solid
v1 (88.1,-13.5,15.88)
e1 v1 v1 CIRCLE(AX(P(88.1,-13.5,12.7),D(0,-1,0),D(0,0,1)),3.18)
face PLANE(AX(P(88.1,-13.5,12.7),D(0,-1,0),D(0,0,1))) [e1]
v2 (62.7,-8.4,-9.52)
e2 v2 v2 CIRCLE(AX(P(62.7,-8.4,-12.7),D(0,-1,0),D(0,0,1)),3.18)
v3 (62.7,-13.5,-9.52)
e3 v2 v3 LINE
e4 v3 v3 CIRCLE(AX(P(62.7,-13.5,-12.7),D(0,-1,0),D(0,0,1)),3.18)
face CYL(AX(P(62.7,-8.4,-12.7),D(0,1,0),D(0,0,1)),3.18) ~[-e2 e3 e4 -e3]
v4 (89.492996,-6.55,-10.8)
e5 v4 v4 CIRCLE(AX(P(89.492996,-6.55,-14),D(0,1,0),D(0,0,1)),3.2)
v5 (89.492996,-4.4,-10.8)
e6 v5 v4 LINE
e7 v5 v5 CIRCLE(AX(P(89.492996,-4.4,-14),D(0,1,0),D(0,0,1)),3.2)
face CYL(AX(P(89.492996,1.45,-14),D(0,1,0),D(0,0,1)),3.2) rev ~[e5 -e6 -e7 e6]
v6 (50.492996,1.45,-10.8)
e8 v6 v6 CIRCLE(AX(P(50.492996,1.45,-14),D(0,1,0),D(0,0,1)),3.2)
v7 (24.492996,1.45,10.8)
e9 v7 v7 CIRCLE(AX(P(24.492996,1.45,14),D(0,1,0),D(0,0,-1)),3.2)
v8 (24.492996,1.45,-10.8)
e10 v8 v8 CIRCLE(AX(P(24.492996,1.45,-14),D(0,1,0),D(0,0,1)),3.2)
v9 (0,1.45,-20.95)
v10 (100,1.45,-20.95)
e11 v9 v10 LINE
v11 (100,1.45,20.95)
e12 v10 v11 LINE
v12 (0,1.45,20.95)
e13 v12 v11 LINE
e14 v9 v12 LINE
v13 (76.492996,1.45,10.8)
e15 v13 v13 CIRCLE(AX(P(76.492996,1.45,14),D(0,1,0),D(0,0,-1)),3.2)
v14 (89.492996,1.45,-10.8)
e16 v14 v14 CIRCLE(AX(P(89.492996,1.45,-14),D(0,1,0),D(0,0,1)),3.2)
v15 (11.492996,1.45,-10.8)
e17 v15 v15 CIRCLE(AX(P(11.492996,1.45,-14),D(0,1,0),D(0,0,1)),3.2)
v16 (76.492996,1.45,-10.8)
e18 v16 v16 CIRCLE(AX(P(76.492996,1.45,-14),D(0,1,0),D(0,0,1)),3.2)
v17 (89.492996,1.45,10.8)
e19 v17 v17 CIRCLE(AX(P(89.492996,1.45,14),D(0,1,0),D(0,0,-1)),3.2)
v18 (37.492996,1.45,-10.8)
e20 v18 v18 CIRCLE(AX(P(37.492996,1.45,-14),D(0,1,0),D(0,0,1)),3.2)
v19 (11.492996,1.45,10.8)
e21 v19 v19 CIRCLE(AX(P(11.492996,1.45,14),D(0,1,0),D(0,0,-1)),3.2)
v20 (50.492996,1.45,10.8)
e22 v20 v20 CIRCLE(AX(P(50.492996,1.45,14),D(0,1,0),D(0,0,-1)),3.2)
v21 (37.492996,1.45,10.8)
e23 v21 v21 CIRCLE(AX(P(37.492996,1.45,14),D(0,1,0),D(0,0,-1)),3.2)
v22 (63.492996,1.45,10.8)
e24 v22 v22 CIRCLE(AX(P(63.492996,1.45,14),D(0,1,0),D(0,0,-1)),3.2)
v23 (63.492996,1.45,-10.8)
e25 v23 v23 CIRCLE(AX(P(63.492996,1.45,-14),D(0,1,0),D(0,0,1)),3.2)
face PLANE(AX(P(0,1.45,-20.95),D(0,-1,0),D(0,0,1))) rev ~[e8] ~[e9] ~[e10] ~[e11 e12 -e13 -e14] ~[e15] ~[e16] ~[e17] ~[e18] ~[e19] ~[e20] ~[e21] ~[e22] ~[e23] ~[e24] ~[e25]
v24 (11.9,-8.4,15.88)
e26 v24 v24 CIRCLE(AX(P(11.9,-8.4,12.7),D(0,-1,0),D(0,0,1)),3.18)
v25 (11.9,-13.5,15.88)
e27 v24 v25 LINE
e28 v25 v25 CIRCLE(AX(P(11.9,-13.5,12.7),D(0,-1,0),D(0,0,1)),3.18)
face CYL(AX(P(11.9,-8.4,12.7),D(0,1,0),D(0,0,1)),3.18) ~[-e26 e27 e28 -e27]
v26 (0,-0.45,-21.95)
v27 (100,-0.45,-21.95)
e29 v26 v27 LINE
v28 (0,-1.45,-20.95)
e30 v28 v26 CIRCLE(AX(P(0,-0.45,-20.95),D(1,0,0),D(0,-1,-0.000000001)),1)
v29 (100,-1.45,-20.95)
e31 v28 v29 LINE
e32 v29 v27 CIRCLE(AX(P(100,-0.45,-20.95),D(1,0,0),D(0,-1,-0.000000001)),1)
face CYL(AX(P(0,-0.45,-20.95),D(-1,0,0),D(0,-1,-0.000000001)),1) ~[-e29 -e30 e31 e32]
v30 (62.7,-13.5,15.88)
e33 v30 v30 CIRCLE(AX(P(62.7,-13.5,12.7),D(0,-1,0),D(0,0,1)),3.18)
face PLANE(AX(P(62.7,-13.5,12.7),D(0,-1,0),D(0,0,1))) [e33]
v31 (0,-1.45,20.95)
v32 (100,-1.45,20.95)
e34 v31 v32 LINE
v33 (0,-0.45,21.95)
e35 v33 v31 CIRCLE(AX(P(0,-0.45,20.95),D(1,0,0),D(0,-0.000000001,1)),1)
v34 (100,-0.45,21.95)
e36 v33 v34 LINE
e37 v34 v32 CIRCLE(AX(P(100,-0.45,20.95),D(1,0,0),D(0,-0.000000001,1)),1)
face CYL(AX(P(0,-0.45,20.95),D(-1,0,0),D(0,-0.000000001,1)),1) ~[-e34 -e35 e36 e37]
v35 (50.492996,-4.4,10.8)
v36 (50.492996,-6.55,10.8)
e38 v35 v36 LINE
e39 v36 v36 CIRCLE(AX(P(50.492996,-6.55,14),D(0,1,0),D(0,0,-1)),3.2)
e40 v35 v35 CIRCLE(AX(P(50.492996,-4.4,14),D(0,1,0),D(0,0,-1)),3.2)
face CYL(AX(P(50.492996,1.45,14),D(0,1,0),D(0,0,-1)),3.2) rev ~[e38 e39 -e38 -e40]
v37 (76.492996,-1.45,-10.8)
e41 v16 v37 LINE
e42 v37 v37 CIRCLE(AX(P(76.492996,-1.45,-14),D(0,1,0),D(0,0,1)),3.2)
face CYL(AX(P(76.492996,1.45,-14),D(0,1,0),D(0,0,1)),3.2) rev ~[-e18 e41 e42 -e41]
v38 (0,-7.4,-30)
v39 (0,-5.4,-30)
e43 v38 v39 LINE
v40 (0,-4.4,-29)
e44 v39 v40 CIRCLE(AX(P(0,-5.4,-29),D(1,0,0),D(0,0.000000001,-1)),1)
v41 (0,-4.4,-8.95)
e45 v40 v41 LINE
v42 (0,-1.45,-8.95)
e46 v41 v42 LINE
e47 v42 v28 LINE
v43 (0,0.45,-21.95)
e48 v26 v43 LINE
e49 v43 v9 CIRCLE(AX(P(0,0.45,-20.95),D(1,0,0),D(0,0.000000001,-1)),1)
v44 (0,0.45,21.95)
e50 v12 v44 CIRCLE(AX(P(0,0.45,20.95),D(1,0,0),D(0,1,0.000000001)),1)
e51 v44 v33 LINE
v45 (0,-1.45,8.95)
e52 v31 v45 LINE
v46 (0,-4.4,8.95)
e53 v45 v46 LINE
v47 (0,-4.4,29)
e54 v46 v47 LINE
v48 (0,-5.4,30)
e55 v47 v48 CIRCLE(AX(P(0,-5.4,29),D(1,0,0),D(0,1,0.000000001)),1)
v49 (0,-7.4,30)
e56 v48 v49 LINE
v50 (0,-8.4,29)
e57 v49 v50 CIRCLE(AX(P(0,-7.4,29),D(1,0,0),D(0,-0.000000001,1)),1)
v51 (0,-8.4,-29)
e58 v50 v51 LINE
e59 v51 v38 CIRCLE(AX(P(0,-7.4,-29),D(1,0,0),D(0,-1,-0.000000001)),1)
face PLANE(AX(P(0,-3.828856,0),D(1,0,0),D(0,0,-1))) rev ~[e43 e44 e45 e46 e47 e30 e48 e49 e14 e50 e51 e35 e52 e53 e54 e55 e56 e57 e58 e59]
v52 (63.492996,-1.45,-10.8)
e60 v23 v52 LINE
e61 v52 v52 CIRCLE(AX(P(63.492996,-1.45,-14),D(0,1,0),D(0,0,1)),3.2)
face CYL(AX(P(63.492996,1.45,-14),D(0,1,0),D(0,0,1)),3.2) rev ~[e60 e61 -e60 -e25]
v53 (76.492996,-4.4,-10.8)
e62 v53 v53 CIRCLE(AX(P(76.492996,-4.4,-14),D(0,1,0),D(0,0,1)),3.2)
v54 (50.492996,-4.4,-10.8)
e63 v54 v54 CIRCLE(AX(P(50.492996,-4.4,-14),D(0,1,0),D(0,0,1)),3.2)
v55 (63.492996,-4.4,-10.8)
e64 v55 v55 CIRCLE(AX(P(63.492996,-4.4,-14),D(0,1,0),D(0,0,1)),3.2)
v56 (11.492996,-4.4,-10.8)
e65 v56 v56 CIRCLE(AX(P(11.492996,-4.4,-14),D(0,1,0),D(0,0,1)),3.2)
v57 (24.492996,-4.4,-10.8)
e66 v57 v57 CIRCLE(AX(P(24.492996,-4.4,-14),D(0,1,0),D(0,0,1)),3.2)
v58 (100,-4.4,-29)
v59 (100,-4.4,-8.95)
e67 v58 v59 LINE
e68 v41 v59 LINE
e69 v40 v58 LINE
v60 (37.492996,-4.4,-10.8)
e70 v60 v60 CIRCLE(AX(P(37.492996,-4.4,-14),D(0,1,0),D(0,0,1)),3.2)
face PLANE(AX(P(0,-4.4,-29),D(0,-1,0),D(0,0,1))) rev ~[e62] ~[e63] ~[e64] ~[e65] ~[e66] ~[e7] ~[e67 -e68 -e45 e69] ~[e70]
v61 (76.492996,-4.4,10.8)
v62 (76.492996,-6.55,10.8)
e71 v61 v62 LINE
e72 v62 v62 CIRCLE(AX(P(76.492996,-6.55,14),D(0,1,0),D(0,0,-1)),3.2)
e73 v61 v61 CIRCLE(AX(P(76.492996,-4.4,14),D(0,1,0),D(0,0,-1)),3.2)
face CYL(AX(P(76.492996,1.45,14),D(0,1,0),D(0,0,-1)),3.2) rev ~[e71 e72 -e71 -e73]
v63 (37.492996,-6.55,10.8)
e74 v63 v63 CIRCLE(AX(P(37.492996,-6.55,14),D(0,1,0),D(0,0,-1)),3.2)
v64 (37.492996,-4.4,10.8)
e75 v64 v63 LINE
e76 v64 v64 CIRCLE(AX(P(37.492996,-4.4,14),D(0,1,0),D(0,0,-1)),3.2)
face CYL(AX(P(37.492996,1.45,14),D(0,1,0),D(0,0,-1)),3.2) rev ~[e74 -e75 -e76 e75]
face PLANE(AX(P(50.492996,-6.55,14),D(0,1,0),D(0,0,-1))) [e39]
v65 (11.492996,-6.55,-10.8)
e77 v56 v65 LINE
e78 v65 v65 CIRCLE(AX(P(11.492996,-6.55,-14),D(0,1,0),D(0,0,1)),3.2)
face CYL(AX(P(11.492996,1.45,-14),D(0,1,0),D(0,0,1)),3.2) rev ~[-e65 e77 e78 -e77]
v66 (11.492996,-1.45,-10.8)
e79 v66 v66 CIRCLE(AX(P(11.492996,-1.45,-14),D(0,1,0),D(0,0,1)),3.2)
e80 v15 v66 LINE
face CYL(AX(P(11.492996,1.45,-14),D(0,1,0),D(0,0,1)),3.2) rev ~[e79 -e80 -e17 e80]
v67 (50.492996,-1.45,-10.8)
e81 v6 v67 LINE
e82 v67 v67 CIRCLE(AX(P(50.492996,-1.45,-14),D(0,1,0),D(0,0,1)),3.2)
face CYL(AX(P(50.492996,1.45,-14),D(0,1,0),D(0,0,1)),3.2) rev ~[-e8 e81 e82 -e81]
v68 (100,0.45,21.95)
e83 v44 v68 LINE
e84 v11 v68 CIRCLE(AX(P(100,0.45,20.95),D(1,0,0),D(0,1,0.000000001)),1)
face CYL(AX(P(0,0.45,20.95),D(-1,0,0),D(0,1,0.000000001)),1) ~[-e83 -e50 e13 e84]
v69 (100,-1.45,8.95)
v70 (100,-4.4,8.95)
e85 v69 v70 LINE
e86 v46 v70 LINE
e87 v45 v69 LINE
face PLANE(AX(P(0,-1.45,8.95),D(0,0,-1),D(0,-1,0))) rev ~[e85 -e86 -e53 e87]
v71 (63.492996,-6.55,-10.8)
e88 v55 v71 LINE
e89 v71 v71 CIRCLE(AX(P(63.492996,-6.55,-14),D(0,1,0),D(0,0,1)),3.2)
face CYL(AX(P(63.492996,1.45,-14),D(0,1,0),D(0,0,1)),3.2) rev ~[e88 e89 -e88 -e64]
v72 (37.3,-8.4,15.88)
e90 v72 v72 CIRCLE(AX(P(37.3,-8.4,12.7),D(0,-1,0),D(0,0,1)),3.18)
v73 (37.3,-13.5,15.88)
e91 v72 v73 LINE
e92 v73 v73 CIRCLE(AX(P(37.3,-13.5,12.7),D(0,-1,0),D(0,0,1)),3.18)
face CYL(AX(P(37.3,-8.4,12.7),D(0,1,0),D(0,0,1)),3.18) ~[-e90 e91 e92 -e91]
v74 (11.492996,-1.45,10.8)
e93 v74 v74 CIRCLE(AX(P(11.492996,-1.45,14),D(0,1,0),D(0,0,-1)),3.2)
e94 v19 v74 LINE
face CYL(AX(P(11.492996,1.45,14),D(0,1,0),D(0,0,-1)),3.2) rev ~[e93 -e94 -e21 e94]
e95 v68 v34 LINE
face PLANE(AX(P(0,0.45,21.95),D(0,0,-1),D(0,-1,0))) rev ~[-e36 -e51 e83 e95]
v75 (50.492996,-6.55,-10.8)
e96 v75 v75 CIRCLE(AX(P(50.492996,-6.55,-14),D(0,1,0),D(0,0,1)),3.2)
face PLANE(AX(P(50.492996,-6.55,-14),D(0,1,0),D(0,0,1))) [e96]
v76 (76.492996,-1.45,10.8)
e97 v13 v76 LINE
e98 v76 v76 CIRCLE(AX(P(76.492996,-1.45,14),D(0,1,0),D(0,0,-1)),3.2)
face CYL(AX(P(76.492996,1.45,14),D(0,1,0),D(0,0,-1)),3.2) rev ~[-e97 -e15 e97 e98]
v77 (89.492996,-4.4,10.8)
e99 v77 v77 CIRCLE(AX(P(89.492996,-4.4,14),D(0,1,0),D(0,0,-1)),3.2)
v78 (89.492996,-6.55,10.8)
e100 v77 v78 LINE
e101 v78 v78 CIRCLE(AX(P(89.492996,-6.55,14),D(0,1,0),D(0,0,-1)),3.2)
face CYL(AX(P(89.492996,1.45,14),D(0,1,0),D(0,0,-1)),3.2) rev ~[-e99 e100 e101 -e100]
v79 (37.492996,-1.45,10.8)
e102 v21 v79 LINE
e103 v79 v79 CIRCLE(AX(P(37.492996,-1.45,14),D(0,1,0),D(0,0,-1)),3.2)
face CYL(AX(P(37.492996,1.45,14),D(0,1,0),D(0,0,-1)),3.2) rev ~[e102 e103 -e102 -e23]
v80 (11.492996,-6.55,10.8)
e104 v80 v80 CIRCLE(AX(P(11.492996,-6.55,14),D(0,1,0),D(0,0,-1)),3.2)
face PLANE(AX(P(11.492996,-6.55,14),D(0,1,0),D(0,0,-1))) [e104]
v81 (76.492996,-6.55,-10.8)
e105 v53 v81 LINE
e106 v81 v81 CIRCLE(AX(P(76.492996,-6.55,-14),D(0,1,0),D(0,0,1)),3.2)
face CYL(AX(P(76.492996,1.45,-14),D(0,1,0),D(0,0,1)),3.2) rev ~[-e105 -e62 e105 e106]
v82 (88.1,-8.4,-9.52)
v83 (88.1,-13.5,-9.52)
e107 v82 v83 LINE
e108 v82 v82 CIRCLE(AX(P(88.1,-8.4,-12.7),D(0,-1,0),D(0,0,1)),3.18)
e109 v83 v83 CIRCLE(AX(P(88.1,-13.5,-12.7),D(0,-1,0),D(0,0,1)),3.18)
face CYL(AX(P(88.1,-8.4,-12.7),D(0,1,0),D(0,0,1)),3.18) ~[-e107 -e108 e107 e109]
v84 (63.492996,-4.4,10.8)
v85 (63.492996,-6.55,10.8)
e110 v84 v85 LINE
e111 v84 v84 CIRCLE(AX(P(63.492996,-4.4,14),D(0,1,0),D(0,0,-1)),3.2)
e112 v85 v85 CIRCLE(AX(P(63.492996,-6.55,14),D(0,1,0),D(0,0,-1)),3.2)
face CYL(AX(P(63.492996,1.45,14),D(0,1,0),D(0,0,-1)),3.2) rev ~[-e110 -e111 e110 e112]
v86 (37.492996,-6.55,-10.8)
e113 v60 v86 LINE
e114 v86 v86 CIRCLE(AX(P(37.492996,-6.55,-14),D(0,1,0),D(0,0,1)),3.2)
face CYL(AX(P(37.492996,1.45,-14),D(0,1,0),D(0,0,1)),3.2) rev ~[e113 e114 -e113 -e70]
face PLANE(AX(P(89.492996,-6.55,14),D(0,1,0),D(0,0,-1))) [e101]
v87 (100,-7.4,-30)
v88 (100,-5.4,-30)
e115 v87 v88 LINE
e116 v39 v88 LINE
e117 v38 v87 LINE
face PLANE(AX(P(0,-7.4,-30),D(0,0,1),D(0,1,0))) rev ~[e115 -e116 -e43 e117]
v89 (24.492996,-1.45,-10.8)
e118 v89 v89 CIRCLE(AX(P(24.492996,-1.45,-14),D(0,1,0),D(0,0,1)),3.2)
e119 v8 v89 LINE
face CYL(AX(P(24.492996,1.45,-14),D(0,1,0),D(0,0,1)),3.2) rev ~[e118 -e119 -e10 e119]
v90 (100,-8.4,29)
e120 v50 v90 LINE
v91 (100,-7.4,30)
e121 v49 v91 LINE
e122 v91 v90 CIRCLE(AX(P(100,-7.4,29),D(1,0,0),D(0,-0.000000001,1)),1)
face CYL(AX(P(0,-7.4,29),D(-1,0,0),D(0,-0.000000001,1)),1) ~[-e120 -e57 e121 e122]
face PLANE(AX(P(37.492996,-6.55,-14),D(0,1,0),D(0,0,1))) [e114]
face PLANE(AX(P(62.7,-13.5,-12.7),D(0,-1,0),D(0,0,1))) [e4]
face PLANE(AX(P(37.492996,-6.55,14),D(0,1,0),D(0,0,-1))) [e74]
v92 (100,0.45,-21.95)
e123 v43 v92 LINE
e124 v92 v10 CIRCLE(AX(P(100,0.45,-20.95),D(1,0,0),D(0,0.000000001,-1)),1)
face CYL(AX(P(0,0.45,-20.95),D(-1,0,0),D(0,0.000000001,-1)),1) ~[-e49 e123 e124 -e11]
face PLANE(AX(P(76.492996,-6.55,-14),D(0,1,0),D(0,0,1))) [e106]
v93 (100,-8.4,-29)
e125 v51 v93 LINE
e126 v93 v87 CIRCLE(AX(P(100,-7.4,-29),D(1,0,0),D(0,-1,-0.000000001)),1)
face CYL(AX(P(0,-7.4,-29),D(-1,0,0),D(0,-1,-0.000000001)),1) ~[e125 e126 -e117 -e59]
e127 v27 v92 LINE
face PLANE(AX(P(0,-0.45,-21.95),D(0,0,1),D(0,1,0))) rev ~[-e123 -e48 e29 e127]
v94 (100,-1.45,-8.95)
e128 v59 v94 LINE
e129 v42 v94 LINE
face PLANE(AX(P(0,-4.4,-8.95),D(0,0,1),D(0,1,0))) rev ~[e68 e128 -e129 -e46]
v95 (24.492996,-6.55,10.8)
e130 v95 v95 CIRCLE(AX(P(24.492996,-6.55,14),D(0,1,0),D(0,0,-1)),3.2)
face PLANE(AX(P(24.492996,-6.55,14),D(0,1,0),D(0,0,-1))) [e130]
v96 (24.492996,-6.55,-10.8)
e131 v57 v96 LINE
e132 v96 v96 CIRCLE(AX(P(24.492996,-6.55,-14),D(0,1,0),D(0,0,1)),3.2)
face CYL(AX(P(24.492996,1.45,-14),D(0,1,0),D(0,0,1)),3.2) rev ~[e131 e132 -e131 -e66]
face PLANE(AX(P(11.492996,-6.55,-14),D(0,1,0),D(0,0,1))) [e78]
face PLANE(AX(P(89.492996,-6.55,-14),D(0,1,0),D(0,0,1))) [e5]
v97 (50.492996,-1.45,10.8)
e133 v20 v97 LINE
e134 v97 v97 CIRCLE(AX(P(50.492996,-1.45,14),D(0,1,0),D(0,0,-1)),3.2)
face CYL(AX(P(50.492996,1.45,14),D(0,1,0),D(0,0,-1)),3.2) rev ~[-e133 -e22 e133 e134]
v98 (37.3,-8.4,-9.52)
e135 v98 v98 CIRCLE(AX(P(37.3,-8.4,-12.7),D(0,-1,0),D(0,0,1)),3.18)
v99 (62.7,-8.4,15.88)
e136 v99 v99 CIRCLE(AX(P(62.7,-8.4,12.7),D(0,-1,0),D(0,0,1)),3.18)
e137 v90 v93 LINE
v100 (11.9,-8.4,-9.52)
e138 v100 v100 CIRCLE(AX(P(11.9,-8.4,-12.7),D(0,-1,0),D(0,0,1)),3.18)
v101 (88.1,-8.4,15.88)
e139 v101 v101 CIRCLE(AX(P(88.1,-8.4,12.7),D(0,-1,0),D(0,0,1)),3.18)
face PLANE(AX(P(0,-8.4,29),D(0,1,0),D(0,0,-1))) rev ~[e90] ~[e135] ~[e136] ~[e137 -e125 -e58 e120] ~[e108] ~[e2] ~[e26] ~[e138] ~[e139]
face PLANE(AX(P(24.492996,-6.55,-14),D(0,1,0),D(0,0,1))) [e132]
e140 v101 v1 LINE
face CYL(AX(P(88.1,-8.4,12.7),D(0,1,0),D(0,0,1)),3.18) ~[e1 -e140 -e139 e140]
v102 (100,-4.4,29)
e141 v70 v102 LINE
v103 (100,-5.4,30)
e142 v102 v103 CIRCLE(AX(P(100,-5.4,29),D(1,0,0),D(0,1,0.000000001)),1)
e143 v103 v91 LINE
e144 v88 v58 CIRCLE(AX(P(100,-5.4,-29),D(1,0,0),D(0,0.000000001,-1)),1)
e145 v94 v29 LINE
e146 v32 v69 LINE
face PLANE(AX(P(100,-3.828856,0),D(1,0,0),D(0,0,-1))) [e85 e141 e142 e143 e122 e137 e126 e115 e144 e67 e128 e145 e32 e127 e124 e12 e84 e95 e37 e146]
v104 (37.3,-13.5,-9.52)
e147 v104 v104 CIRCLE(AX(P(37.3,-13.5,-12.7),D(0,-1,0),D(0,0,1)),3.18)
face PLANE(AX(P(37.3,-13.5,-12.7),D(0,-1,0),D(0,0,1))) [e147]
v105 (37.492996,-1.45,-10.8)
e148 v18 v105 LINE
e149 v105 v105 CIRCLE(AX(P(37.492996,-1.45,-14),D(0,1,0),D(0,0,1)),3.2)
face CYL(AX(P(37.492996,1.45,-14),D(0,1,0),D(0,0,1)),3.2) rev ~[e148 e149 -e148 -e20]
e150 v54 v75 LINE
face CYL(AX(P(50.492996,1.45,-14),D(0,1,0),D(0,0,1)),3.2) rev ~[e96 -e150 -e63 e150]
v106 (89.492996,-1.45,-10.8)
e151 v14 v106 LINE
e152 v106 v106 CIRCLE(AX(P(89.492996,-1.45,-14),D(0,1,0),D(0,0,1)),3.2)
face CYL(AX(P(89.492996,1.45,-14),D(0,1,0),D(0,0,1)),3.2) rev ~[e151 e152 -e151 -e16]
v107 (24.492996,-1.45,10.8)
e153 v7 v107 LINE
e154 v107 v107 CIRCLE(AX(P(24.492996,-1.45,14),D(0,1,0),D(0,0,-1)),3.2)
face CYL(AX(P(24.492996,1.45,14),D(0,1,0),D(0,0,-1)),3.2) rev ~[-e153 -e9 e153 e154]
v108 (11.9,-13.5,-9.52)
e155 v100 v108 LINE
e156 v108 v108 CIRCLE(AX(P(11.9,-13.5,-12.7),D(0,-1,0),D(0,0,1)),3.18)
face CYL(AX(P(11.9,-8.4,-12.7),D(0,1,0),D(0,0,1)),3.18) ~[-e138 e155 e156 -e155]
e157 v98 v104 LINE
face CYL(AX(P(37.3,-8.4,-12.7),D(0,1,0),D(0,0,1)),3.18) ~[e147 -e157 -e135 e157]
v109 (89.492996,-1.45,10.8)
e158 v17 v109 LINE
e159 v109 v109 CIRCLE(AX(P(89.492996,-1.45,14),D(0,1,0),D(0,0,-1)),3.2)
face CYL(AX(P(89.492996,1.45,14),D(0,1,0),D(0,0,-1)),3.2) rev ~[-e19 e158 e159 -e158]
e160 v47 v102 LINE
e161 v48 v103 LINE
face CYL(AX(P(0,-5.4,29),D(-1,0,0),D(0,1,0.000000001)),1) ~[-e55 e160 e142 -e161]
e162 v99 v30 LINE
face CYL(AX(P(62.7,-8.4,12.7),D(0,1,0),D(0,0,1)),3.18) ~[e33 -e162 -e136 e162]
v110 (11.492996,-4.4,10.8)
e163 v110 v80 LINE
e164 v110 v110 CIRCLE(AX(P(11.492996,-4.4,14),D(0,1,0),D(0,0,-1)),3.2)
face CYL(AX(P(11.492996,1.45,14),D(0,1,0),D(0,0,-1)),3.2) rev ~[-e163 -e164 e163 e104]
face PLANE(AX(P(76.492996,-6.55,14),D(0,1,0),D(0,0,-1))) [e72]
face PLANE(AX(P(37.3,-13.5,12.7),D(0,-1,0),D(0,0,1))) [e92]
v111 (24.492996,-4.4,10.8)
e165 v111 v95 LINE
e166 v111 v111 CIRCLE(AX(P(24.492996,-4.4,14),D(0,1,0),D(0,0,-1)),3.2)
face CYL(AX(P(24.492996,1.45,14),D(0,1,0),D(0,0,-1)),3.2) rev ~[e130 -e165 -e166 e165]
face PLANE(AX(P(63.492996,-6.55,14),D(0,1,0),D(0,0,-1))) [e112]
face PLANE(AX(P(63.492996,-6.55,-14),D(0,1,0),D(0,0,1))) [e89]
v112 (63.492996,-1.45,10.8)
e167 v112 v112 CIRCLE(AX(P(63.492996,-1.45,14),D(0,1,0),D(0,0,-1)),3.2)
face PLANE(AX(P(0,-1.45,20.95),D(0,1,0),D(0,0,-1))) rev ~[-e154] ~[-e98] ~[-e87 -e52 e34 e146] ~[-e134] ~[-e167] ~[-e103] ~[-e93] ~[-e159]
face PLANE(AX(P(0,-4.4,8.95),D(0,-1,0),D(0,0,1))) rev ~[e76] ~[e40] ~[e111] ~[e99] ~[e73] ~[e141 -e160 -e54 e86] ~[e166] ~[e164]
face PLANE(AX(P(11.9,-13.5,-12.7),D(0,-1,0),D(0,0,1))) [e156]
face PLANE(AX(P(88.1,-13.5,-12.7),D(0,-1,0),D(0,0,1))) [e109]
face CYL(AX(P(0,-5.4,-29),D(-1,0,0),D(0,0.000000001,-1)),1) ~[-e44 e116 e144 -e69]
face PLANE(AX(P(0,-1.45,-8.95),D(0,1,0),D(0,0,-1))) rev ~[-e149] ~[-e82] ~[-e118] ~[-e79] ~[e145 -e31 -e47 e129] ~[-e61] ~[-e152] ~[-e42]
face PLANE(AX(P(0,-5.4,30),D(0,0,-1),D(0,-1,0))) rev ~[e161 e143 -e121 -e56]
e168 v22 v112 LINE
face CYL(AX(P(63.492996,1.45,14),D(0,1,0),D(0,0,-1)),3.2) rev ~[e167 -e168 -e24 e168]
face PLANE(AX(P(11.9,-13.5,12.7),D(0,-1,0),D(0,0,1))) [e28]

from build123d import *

# Parameters (mm, degrees)
EXTRUDE_1_DEPTH     = 100
SKETCH_3_R          = 3.2
CUT_EXTRUDE_1_DEPTH = 8
SKETCH_4_R          = 3.18
EXTRUDE_2_DEPTH     = 5.1


with BuildPart() as part:
    # 草图2 → 凸台-拉伸1 (new body)
    with BuildSketch(Plane(origin=(0, 0, 0), x_dir=(0, 0, -1), z_dir=(1, 0, 0))):
        with BuildLine():
            Line((-20.95, -1.45), (-8.95, -1.45))
            Line((-8.95, -1.45), (-8.95, -4.4))
            Line((-8.95, -4.4), (-29, -4.4))
            ThreePointArc((-29, -4.4), (-29.707106781, -4.692893219), (-30, -5.4))
            Line((-30, -5.4), (-30, -7.4))
            ThreePointArc((-30, -7.4), (-29.707106781, -8.107106781), (-29, -8.4))
            Line((-29, -8.4), (29, -8.4))
            ThreePointArc((29, -8.4), (29.707106781, -8.107106781), (30, -7.4))
            Line((30, -7.4), (30, -5.4))
            ThreePointArc((30, -5.4), (29.707106781, -4.692893219), (29, -4.4))
            Line((29, -4.4), (8.95, -4.4))
            Line((8.95, -4.4), (8.95, -1.45))
            Line((8.95, -1.45), (20.95, -1.45))
            ThreePointArc((20.95, -1.45), (21.657106781, -1.157106781), (21.95, -0.45))
            Line((21.95, -0.45), (21.95, 0.45))
            ThreePointArc((21.95, 0.45), (21.657106781, 1.157106781), (20.95, 1.45))
            Line((20.95, 1.45), (-20.95, 1.45))
            ThreePointArc((-20.95, 1.45), (-21.657106781, 1.157106781), (-21.95, 0.45))
            Line((-21.95, 0.45), (-21.95, -0.45))
            ThreePointArc((-21.95, -0.45), (-21.657106781, -1.157106781), (-20.95, -1.45))
        make_face()
    extrude(amount=EXTRUDE_1_DEPTH)

    # 草图3 → 切除-拉伸1 (cut)
    with BuildSketch(Plane(origin=(0, 1.45, 0), x_dir=(1, 0, 0), z_dir=(0, 1, 0))):
        with Locations(Location((11.492995831, 14, 0), (0, 0, 270))):
            Circle(SKETCH_3_R)
        with Locations(Location((24.492995831, 14, 0), (0, 0, 270))):
            Circle(SKETCH_3_R)
        with Locations(Location((37.492995831, 14, 0), (0, 0, 270))):
            Circle(SKETCH_3_R)
        with Locations(Location((50.492995831, 14, 0), (0, 0, 270))):
            Circle(SKETCH_3_R)
        with Locations(Location((63.492995831, 14, 0), (0, 0, 270))):
            Circle(SKETCH_3_R)
        with Locations(Location((76.492995831, 14, 0), (0, 0, 270))):
            Circle(SKETCH_3_R)
        with Locations(Location((89.492995831, 14, 0), (0, 0, 270))):
            Circle(SKETCH_3_R)
        with Locations(Location((89.492995831, -14, 0), (0, 0, 90))):
            Circle(SKETCH_3_R)
        with Locations(Location((76.492995831, -14, 0), (0, 0, 90))):
            Circle(SKETCH_3_R)
        with Locations(Location((63.492995831, -14, 0), (0, 0, 90))):
            Circle(SKETCH_3_R)
        with Locations(Location((50.492995831, -14, 0), (0, 0, 90))):
            Circle(SKETCH_3_R)
        with Locations(Location((37.492995831, -14, 0), (0, 0, 90))):
            Circle(SKETCH_3_R)
        with Locations(Location((24.492995831, -14, 0), (0, 0, 90))):
            Circle(SKETCH_3_R)
        with Locations(Location((11.492995831, -14, 0), (0, 0, 90))):
            Circle(SKETCH_3_R)
    extrude(amount=-CUT_EXTRUDE_1_DEPTH, mode=Mode.SUBTRACT)

    # 草图4 → 凸台-拉伸2 (add)
    with BuildSketch(Plane.XZ.offset(8.4)):
        with Locations(Location((11.9, 12.7, 0), (0, 0, 90))):
            Circle(SKETCH_4_R)
        with Locations(Location((37.3, 12.7, 0), (0, 0, 90))):
            Circle(SKETCH_4_R)
        with Locations(Location((62.7, 12.7, 0), (0, 0, 90))):
            Circle(SKETCH_4_R)
        with Locations(Location((88.1, 12.7, 0), (0, 0, 90))):
            Circle(SKETCH_4_R)
        with Locations(Location((62.7, -12.7, 0), (0, 0, 90))):
            Circle(SKETCH_4_R)
        with Locations(Location((37.3, -12.7, 0), (0, 0, 90))):
            Circle(SKETCH_4_R)
        with Locations(Location((11.9, -12.7, 0), (0, 0, 90))):
            Circle(SKETCH_4_R)
        with Locations(Location((88.1, -12.7, 0), (0, 0, 90))):
            Circle(SKETCH_4_R)
    extrude(amount=EXTRUDE_2_DEPTH)


solid = part.part
